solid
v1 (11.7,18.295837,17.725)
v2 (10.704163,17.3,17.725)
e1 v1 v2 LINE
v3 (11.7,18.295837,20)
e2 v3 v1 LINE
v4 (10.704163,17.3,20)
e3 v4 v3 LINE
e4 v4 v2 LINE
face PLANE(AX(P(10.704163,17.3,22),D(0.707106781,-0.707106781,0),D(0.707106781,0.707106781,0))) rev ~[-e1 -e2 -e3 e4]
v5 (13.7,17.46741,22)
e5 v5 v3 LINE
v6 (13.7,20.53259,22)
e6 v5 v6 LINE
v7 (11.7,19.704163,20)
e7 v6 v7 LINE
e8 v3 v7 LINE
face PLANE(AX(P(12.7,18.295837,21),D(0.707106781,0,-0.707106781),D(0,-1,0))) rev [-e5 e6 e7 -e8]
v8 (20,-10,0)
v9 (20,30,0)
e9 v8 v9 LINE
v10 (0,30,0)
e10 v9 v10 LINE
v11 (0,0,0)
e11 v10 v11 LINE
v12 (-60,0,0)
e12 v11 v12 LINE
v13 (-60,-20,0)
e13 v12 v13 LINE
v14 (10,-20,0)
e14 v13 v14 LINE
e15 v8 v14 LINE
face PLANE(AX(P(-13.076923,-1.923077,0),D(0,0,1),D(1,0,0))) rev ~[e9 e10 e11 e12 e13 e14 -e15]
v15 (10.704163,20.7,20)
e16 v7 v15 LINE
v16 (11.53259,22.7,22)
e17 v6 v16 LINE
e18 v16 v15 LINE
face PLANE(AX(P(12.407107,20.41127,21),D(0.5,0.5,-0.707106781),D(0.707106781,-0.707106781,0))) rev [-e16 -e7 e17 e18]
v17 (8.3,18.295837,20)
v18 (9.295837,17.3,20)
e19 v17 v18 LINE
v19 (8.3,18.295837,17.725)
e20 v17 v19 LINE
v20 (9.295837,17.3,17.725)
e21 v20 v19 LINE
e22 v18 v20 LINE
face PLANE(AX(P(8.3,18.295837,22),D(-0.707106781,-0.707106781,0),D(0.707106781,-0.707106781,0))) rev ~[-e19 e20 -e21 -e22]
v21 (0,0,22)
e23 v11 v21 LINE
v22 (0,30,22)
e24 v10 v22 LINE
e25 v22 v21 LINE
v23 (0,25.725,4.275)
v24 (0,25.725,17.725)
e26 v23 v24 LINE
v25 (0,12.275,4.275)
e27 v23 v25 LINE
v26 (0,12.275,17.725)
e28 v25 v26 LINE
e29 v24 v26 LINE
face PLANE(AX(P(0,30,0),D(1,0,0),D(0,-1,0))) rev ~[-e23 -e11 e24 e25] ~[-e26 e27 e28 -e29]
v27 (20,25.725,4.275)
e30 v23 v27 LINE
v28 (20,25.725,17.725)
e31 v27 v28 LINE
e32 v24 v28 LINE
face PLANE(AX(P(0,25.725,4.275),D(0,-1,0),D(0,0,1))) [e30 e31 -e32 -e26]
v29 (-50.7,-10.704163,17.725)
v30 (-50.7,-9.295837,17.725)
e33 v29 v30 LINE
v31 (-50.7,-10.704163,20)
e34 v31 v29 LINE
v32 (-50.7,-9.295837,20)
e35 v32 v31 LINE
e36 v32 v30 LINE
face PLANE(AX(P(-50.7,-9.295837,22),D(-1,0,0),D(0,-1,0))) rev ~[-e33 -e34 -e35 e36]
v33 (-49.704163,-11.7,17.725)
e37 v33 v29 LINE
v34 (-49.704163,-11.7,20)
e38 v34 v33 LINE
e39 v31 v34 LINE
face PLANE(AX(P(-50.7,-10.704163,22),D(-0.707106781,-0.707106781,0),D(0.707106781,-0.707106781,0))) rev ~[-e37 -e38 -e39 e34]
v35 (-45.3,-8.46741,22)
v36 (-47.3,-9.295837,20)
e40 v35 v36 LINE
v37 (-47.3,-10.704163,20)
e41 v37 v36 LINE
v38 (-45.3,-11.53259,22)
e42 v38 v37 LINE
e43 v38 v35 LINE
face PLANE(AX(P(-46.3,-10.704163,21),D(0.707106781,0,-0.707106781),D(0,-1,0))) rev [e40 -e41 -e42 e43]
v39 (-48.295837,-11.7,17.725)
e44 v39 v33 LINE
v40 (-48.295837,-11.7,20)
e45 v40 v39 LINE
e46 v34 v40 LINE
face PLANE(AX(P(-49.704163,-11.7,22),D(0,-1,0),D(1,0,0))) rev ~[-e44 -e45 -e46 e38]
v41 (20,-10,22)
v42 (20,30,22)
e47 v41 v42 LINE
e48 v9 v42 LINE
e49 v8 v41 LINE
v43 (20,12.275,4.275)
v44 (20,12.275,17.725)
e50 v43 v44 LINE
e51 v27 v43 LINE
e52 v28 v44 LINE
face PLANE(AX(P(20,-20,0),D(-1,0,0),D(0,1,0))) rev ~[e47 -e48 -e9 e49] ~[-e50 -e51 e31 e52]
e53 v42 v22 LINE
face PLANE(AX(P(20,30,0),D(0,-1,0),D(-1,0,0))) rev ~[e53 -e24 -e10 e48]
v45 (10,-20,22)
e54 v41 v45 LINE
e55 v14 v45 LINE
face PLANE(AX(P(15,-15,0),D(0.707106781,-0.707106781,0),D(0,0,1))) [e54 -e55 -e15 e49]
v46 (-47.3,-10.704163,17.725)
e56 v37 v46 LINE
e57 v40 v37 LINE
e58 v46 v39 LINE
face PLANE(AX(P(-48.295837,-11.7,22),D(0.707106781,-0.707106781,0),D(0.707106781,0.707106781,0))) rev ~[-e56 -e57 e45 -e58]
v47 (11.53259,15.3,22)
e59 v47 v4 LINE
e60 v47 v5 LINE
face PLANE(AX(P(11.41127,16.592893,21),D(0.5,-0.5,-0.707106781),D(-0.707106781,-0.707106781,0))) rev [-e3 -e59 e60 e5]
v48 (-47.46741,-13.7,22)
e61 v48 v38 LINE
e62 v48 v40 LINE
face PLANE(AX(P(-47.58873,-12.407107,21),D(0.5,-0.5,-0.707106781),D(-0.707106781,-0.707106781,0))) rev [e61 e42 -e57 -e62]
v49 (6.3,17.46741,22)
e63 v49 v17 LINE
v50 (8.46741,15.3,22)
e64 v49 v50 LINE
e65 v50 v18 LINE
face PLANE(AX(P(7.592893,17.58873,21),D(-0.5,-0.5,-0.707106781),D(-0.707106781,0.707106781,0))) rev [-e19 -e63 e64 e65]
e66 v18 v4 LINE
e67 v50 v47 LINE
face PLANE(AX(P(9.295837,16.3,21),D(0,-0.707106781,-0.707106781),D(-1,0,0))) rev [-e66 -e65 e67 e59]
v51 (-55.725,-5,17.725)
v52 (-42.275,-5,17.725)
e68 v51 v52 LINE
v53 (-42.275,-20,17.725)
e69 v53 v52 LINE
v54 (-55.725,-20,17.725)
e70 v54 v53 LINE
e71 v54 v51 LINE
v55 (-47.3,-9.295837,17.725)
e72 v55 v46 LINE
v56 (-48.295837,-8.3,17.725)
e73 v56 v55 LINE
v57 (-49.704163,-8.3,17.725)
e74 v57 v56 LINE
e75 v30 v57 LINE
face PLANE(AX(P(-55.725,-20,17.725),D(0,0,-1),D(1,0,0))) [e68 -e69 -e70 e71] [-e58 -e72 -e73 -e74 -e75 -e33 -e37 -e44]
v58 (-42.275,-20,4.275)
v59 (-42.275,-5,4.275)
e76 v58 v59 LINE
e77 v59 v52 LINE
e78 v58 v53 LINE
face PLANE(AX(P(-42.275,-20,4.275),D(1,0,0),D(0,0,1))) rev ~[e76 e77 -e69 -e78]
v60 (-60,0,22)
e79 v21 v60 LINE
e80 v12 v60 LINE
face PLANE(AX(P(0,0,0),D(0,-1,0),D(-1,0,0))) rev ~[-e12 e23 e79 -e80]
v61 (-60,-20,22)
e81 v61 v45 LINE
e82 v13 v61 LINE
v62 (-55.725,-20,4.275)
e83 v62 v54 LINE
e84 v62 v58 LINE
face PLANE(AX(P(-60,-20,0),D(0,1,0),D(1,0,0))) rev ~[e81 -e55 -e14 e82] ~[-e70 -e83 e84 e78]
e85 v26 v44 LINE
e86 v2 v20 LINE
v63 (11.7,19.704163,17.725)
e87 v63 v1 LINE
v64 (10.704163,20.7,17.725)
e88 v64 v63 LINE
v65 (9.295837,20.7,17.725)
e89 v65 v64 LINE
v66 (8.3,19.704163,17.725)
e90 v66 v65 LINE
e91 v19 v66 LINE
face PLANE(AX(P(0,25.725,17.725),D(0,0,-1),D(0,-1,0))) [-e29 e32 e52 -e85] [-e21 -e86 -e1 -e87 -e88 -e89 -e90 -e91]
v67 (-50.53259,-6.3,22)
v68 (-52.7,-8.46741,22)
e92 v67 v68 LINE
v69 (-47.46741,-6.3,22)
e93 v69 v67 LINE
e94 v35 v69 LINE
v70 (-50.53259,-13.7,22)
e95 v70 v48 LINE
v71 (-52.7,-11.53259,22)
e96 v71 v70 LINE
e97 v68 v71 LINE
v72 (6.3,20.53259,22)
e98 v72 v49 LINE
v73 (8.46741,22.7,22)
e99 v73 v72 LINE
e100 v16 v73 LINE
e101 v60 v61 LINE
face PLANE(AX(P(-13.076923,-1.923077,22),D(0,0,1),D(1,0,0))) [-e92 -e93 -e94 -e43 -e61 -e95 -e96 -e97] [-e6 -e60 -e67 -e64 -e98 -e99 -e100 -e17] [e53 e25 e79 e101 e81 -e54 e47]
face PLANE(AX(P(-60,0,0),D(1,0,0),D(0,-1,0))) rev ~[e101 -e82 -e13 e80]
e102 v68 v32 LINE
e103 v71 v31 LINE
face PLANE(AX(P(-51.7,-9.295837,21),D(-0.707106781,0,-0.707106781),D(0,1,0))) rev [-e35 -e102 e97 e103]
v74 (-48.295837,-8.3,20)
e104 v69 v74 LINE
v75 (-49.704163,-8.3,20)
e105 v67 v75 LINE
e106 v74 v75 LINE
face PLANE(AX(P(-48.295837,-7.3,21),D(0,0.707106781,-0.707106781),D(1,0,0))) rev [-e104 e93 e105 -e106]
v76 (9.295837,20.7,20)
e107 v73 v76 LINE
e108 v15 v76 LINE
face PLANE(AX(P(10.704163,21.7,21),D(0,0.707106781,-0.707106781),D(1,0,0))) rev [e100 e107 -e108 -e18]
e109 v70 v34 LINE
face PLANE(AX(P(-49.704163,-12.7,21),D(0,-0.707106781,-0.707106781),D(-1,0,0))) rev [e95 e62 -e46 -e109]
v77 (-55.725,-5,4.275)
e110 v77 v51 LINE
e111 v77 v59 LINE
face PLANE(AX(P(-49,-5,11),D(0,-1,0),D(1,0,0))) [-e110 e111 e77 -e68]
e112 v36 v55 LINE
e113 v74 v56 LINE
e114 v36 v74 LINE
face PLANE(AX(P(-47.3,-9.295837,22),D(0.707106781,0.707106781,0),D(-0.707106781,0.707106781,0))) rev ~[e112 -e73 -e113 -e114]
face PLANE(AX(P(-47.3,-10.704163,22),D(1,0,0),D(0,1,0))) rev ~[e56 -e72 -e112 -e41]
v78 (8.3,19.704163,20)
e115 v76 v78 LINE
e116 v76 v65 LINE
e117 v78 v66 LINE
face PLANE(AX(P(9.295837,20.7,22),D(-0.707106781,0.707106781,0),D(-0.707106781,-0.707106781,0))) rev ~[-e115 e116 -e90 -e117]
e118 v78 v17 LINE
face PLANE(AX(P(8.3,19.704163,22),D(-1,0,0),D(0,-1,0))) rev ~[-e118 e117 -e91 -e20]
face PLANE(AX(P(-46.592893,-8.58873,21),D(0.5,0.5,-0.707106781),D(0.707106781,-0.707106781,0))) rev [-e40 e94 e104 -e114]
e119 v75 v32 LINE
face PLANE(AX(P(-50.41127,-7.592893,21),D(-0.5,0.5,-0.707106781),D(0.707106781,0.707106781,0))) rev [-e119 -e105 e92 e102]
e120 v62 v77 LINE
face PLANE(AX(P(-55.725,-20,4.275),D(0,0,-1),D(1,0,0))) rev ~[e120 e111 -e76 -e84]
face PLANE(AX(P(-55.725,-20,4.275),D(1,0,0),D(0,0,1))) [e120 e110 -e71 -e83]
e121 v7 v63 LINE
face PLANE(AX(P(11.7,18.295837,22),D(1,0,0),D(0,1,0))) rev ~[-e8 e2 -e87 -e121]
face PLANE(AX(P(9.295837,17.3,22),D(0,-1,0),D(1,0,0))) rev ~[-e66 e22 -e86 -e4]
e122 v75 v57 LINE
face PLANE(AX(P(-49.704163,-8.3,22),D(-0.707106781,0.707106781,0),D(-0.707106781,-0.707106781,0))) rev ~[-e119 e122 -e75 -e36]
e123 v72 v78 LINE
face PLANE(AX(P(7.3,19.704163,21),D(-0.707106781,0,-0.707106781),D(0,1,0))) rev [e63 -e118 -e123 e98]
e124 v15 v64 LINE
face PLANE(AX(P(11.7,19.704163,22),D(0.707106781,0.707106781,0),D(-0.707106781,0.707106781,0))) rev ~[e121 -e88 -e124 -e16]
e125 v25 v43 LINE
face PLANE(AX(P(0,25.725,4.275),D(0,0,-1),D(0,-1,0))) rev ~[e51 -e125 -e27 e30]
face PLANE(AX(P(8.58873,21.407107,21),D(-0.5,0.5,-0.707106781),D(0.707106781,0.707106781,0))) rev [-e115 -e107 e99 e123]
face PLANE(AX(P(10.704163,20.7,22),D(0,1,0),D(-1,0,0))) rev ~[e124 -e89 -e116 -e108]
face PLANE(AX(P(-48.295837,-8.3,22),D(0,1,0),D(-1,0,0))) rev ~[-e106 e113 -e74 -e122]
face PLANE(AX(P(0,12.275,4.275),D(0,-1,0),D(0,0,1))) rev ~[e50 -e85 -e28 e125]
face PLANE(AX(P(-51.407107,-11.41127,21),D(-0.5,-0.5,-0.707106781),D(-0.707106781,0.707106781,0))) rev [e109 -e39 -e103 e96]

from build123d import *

# Parameters (mm, degrees)
PAD_DEPTH       = 22
SKETCH001_W     = 13.45
SKETCH001_H     = 13.45
POCKET_DEPTH    = 20.001
SKETCH002_W     = 13.45
SKETCH002_H     = 13.45
POCKET001_DEPTH = 15
CHAMFER_SIZE    = 10
POCKET002_DEPTH = 5
CHAMFER001_SIZE = 2


with BuildPart() as part:
    # Sketch → Pad (new body)
    with BuildSketch(Plane.XY):
        Polygon((0, 30), (0, 0), (-60, 0), (-60, -20), (20, -20), (20, 30), align=None)
    extrude(amount=PAD_DEPTH)

    # Sketch001 (on Face1 of Pad) → Pocket (cut, through all)
    with BuildSketch(Plane(origin=(0, 0, 0), x_dir=(0, -1, 0), z_dir=(-1, 0, 0))):
        with Locations((-19, 11)):
            Rectangle(SKETCH001_W, SKETCH001_H)
    extrude(amount=-POCKET_DEPTH, mode=Mode.SUBTRACT)

    # Sketch002 (on Face12 of Pocket) → Pocket001 (cut)
    with BuildSketch(Plane.XZ.offset(20)):
        with Locations((-49, 11)):
            Rectangle(SKETCH002_W, SKETCH002_H)
    extrude(amount=-POCKET001_DEPTH, mode=Mode.SUBTRACT)

    # Chamfer
    chamfer_edges = [part.edges().sort_by_distance(p)[0] for p in [
        (20, -20, 11),
    ]]
    chamfer(chamfer_edges, length=CHAMFER_SIZE)

    # Sketch003 (on Face9 of Chamfer) → Pocket002 (cut)
    with BuildSketch(Plane.XY.offset(22)):
        Polygon((9.295837, 17.3), (10.704163, 17.3), (11.7, 18.295837), (11.7, 19.704163), (10.704163, 20.7), (9.295837, 20.7), (8.3, 19.704163), (8.3, 18.295837), align=None)
        Polygon((-47.3, -10.704163), (-47.3, -9.295837), (-48.295837, -8.3), (-49.704163, -8.3), (-50.7, -9.295837), (-50.7, -10.704163), (-49.704163, -11.7), (-48.295837, -11.7), align=None)
    extrude(amount=-POCKET002_DEPTH, mode=Mode.SUBTRACT)

    # Chamfer001
    chamfer001_edges = [part.edges().sort_by_distance(p)[0] for p in [
        (-50.7, -10, 22),
        (-50.202082, -8.797918, 22),
        (-49, -8.3, 22),
        (-47.797918, -8.797918, 22),
        (-47.3, -10, 22),
        (-47.797918, -11.202082, 22),
        (-49, -11.7, 22),
        (-50.202082, -11.202082, 22),
        (8.3, 19, 22),
        (8.797918, 20.202082, 22),
        (10, 20.7, 22),
        (11.202082, 20.202082, 22),
        (11.7, 19, 22),
        (11.202082, 17.797918, 22),
        (10, 17.3, 22),
        (8.797918, 17.797918, 22),
    ]]
    chamfer(chamfer001_edges, length=CHAMFER001_SIZE)


solid = part.part
